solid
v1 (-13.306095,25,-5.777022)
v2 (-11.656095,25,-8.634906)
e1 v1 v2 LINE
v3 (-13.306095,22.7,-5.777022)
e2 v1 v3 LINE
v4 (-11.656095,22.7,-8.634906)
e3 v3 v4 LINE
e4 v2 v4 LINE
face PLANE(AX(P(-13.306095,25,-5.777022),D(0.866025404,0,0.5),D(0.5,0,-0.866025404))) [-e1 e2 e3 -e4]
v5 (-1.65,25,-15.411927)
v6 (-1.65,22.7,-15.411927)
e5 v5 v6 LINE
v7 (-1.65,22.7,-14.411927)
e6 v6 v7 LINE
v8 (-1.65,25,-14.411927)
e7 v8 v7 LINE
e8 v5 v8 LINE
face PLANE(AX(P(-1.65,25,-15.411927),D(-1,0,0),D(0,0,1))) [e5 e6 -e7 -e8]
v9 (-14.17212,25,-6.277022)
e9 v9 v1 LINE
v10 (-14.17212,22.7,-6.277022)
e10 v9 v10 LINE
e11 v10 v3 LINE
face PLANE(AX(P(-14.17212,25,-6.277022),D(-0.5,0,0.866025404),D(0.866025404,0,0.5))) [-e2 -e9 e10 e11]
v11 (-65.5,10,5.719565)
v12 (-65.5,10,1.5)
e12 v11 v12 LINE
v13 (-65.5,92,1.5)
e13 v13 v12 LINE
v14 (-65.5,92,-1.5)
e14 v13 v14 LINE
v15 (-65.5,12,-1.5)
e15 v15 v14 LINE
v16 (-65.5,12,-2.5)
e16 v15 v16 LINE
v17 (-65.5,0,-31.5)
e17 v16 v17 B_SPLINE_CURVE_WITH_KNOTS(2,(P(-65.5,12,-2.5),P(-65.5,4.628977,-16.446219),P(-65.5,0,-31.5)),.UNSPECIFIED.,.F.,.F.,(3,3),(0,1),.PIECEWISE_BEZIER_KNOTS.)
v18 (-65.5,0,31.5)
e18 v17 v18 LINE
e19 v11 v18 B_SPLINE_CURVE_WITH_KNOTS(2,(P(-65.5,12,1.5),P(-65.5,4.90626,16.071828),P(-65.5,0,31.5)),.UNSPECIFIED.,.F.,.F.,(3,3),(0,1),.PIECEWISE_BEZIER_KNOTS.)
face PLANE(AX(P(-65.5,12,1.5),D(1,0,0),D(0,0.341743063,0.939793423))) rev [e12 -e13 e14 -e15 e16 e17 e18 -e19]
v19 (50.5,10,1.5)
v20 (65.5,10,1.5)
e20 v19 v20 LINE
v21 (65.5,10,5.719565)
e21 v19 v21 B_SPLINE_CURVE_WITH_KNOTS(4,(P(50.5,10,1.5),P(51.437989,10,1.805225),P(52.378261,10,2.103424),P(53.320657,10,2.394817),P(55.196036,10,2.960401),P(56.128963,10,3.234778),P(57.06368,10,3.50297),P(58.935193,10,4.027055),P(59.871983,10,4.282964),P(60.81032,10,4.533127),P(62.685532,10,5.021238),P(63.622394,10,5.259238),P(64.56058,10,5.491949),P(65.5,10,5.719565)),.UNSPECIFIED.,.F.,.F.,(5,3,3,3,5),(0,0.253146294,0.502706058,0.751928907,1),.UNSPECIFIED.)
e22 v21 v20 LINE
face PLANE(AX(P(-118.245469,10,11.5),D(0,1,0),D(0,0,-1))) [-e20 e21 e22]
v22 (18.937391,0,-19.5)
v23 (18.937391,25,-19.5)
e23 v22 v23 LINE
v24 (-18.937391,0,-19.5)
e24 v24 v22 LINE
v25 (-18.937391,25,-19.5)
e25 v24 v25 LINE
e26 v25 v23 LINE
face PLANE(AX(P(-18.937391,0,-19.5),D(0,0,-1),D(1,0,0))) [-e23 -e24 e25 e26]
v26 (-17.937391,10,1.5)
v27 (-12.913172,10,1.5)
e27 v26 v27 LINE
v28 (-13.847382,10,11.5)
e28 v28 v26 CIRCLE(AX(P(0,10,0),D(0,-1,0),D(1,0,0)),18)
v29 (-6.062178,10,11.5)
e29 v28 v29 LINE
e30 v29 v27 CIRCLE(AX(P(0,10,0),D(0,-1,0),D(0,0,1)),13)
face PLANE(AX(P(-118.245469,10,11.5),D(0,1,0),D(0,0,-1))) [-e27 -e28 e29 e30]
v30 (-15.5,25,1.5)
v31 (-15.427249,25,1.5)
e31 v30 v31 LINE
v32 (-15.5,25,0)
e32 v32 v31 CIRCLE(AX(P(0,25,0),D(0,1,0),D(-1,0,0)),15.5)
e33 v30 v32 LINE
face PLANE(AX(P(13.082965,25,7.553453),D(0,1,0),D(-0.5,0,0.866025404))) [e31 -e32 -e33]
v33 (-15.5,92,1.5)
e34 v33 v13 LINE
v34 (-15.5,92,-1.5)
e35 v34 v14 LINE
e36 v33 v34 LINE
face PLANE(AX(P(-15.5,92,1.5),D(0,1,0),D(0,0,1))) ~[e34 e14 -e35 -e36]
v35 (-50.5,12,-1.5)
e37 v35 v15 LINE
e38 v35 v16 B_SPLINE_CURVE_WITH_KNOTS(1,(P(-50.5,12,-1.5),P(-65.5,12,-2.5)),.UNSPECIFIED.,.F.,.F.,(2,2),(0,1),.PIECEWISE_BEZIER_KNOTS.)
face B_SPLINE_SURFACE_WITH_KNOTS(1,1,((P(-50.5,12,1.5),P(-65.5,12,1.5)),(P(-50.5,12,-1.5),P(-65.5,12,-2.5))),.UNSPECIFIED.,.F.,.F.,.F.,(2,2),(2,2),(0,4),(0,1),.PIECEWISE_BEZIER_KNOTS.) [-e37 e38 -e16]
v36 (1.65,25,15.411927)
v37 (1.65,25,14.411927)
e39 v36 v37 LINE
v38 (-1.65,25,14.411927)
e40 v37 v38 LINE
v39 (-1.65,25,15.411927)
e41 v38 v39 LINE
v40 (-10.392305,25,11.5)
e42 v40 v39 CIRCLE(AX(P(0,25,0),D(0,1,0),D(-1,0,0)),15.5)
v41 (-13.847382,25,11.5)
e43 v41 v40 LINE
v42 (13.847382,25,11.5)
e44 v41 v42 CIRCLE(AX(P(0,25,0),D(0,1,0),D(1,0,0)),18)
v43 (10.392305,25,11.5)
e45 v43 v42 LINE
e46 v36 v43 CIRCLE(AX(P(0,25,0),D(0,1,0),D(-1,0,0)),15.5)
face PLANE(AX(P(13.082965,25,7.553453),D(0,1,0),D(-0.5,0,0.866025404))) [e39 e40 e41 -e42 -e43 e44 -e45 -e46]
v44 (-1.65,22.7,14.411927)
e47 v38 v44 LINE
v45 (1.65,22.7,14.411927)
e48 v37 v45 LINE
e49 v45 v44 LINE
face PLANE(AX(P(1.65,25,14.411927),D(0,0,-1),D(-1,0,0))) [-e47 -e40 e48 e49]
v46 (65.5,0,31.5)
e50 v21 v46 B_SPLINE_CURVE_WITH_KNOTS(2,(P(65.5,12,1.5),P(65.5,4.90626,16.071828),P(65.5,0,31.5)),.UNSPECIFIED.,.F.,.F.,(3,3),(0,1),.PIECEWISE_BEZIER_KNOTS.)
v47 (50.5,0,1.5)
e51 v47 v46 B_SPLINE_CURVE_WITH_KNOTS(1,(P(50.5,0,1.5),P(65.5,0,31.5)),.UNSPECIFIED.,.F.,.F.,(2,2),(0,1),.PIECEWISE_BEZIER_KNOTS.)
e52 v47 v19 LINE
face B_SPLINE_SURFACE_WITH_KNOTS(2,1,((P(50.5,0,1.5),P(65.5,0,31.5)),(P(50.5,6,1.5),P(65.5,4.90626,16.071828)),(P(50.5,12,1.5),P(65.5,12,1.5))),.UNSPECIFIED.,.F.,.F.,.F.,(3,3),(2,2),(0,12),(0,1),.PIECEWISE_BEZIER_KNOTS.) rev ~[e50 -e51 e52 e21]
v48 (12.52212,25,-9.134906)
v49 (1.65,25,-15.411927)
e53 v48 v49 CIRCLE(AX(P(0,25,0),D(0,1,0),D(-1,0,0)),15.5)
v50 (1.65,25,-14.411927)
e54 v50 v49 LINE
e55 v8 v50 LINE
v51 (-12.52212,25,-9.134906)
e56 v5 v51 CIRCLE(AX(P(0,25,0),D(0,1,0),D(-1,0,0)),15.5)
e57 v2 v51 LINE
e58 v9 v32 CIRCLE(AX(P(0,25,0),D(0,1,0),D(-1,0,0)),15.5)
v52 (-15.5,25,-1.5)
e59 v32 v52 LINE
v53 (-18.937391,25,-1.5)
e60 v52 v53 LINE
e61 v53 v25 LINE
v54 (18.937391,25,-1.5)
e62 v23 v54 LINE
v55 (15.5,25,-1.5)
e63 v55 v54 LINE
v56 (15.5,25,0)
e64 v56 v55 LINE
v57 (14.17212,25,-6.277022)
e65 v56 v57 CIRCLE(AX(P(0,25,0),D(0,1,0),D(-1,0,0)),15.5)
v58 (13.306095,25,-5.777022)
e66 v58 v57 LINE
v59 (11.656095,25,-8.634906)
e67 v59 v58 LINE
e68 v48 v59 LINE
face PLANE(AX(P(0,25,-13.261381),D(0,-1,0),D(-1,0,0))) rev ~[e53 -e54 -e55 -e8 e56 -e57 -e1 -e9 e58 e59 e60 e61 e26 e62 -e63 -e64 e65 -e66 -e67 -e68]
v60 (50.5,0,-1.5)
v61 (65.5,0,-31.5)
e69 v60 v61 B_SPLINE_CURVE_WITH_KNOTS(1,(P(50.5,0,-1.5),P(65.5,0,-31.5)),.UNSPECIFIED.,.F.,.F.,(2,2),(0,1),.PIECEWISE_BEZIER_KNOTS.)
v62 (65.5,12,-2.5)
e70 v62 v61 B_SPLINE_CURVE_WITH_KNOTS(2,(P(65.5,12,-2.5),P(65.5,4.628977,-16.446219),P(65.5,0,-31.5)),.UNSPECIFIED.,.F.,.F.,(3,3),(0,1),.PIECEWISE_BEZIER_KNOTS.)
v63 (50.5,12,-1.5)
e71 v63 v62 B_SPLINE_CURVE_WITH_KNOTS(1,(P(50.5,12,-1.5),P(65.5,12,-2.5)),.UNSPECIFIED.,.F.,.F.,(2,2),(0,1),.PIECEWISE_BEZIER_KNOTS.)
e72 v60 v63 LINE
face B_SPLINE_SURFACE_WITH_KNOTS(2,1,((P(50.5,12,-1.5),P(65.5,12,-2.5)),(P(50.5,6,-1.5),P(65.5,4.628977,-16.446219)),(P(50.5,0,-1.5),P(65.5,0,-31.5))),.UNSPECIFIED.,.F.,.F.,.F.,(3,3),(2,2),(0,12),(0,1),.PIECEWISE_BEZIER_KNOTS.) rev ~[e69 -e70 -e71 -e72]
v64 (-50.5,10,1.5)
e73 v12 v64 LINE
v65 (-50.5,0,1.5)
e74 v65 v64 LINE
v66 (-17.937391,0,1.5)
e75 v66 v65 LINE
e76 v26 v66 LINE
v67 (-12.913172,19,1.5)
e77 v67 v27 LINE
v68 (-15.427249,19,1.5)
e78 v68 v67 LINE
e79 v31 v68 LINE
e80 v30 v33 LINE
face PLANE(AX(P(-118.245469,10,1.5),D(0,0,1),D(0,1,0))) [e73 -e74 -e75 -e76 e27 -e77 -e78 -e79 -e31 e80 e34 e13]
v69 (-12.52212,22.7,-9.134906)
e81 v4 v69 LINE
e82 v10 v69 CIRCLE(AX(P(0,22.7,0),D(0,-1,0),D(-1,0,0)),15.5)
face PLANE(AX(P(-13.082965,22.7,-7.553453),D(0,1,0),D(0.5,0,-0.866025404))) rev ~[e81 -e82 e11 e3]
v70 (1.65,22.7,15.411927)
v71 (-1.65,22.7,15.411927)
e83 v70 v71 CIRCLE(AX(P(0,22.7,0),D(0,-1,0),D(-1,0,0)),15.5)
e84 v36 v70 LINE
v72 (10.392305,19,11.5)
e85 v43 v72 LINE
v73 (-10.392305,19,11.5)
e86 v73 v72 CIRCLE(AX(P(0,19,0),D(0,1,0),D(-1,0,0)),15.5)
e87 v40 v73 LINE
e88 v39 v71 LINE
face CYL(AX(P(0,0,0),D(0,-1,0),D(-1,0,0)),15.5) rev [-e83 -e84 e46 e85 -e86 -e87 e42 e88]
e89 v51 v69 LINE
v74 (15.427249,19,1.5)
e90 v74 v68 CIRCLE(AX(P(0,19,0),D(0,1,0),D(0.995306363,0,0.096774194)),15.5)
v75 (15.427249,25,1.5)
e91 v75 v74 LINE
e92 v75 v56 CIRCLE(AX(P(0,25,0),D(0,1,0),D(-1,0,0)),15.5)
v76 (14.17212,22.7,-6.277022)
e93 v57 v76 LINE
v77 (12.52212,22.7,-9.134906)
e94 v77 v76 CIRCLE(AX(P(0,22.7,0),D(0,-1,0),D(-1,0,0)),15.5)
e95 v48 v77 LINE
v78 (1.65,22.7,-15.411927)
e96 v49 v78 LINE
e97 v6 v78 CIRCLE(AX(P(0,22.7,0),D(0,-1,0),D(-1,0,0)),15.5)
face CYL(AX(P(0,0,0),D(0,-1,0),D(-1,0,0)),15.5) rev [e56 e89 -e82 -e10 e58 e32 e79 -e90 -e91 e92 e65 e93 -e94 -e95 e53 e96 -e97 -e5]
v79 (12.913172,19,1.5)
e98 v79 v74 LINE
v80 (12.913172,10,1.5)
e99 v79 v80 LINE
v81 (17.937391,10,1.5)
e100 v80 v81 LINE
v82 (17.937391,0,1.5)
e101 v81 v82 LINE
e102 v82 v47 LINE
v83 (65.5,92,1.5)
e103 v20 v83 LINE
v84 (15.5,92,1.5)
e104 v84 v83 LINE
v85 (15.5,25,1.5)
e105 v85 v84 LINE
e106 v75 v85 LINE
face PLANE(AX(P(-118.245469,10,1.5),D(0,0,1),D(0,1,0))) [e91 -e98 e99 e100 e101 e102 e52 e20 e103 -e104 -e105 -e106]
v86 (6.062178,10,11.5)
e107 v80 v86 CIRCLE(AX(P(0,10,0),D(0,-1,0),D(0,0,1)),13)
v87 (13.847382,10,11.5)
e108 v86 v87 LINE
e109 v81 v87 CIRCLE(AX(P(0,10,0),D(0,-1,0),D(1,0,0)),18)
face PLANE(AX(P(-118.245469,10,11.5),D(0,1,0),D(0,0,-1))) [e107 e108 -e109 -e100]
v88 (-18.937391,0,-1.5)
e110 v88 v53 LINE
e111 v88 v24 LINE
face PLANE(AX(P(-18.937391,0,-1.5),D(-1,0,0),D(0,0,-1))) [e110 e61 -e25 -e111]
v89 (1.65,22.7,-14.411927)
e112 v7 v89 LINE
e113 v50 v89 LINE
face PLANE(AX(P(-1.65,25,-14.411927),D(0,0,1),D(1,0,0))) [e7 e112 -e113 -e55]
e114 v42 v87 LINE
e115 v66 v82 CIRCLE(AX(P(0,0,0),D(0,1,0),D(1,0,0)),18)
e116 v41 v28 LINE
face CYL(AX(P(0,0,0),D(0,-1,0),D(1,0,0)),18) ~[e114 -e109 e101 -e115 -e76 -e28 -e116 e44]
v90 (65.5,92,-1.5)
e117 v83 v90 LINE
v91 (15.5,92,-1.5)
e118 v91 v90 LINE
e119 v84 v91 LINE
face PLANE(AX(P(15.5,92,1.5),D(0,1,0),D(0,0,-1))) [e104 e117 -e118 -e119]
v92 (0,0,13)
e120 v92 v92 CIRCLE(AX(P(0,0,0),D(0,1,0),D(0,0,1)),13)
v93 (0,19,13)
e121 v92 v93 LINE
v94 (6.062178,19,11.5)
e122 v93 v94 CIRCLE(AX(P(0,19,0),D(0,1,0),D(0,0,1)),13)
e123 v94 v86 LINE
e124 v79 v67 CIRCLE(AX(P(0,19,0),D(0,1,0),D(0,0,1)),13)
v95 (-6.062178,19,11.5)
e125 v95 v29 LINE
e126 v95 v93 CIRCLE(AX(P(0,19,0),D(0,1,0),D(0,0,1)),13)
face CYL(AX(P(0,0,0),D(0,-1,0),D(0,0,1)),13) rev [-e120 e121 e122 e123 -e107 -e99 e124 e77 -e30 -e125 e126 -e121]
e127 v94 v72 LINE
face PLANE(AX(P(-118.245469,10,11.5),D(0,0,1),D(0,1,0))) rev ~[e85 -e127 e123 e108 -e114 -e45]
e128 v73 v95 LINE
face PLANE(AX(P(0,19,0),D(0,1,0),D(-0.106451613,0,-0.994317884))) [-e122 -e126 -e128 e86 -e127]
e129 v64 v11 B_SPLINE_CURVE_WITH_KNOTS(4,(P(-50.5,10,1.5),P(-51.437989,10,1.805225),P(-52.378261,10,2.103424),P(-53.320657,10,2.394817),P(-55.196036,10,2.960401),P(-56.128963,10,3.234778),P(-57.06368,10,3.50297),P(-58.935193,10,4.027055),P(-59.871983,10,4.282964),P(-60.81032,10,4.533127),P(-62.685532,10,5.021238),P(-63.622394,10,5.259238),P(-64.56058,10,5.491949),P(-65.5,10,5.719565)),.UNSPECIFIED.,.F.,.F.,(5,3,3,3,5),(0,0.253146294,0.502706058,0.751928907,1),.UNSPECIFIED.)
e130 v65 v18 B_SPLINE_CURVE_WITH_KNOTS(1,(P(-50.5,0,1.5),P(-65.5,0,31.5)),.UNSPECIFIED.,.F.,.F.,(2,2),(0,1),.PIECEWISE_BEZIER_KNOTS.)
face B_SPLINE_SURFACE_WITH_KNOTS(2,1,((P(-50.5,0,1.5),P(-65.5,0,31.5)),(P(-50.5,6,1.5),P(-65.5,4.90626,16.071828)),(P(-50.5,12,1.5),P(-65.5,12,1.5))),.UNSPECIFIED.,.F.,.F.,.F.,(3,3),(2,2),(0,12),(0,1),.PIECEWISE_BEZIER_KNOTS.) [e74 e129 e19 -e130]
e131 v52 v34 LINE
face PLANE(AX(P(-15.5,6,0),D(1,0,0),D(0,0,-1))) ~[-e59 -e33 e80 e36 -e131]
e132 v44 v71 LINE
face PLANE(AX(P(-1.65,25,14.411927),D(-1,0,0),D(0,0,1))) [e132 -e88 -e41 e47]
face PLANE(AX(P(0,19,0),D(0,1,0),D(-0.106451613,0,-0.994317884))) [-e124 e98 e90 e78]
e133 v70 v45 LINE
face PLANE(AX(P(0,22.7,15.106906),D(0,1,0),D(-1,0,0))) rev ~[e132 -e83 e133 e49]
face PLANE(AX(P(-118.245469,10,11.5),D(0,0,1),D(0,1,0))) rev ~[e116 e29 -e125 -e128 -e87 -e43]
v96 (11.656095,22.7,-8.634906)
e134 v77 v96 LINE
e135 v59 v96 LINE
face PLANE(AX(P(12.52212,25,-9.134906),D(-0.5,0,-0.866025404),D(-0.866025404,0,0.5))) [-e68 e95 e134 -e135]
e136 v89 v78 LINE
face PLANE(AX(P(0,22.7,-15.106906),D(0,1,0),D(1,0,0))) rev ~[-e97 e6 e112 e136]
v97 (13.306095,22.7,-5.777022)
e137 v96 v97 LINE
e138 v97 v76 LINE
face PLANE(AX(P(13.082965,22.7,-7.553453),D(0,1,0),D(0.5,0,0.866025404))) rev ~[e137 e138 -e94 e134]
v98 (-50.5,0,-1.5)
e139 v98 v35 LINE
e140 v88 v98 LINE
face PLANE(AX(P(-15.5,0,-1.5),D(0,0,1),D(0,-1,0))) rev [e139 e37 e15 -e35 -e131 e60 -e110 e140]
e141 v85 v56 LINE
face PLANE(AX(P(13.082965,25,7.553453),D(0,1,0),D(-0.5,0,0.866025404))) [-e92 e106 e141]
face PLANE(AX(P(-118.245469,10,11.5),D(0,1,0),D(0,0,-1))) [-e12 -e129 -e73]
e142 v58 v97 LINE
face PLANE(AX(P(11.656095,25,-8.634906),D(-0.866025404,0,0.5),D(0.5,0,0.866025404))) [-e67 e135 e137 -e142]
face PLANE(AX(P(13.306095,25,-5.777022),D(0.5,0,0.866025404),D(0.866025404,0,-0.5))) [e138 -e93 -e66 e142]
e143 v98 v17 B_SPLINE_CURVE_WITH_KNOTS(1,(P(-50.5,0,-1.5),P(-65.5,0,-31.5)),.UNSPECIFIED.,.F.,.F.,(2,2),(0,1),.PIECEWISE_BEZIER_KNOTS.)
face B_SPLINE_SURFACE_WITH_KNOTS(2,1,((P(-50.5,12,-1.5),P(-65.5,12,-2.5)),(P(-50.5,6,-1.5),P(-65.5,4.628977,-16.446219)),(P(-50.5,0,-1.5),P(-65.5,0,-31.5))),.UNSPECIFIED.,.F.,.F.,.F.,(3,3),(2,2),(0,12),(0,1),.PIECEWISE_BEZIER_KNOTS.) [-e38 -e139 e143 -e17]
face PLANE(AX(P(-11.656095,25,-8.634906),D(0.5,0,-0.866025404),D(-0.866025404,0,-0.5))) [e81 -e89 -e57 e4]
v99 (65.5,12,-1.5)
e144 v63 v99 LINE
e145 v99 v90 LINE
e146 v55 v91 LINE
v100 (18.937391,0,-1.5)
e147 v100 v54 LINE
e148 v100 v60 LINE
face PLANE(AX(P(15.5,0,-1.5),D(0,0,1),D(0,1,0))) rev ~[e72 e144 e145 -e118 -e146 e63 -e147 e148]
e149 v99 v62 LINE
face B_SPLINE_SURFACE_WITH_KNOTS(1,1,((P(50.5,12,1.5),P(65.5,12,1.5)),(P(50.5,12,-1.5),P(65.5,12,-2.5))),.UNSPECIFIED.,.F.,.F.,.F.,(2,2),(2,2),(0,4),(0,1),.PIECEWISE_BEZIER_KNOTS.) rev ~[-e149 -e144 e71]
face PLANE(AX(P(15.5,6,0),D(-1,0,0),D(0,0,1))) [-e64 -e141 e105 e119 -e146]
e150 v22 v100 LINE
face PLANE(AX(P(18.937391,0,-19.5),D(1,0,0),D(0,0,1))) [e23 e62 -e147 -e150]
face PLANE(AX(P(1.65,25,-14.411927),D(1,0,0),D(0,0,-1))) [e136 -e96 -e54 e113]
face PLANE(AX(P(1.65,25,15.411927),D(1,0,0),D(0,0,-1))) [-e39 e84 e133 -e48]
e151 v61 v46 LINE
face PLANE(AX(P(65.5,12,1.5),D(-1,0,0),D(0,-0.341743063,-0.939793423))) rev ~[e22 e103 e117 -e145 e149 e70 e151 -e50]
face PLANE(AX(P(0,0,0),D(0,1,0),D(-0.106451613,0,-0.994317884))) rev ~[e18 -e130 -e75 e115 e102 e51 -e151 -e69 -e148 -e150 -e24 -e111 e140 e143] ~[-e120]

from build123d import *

# Parameters (mm, degrees)
SKETCH1_W               = 3
SKETCH1_H               = 80
BOSS_EXTRUDE1_DEPTH     = 50
SKETCH6_W               = 3
SKETCH6_H               = 12
BOSS_EXTRUDE2_DEPTH     = 35
SKETCH14_R              = 18
SKETCH14_R_2            = 15.5
BOSS_EXTRUDE3_DEPTH     = 25
BOSS_EXTRUDE4_DEPTH     = 2.3
CIRPATTERN1_COUNT       = 6
BOSS_EXTRUDE5_START     = -25
BOSS_EXTRUDE5_DEPTH     = 25
BOSS_EXTRUDE6_START     = -25
SKETCH17_R              = 15.5
SKETCH17_R_2            = 13
BOSS_EXTRUDE6_DEPTH     = 19
CUT_EXTRUDE1_DEPTH      = 118.245469157
CUT_EXTRUDE1_DEPTH_BACK = 118.245469157
SKETCH18_W              = 10
SKETCH18_H              = 15


with BuildPart() as part:
    # Sketch1 → Boss-Extrude1 (new body)
    with BuildSketch(Plane(origin=(15.5, 0, 0), x_dir=(0, 0, -1), z_dir=(1, 0, 0))):
        with Locations((0, 52)):
            Rectangle(SKETCH1_W, SKETCH1_H)
    extrude(amount=BOSS_EXTRUDE1_DEPTH)

    # Sketch6 → Boss-Extrude2 (add)
    with BuildSketch(Plane.ZY.offset(-15.5)):
        with Locations((0, 6)):
            Rectangle(SKETCH6_W, SKETCH6_H)
    extrude(amount=-BOSS_EXTRUDE2_DEPTH)

    # Sketch7 → Loft3 section 0
    with BuildSketch(Plane(origin=(50.5, 0, 0), x_dir=(0, 0, -1), z_dir=(1, 0, 0))):
        with BuildLine():
            Line((-1.5, 12), (1.5, 12))
            Line((1.5, 12), (1.5, 0))
            Line((1.5, 0), (-1.5, 0))
            Line((-1.5, 0), (-1.5, 12))
        make_face()
    # Sketch5 → Loft3 section 1
    with BuildSketch(Plane(origin=(65.5, 0, 0), x_dir=(0, 0, -1), z_dir=(1, 0, 0))):
        with BuildLine():
            Line((-1.5, 12), (2.5, 12))
            add(Edge.make_bspline(
                [(2.5, 12), (16.446218703, 4.628977133), (31.5, 0)],
                knots=[0, 0, 0, 1, 1, 1], degree=2))
            Line((31.5, 0), (-31.5, 0))
            add(Edge.make_bspline(
                [(-1.5, 12), (-16.07182757, 4.906260237), (-31.5, 0)],
                knots=[0, 0, 0, 1, 1, 1], degree=2))
        make_face()
    loft()


with BuildPart() as body_2:
    # Mirror3: mirrored copy
    add(part.part.mirror(Plane(origin=(0, 0, 0), x_dir=(0, 0, 1), z_dir=(1, 0, 0))))


with BuildPart() as part_1:
    add(part.part)

    add(body_2.part)  # Boss-Extrude3 merges body 2
    # Sketch14 → Boss-Extrude3 (add)
    with BuildSketch(Plane(origin=(0, 0, 0), x_dir=(1, 0, 0), z_dir=(0, 1, 0))):
        Circle(SKETCH14_R)
        with Locations(Location((0, 0, 0), (0, 0, 180))):
            Circle(SKETCH14_R_2, mode=Mode.SUBTRACT)
    extrude(amount=BOSS_EXTRUDE3_DEPTH)

    # Sketch15 → Boss-Extrude4 (add)
    with BuildSketch(Plane(origin=(0, 25, 0), x_dir=(1, 0, 0), z_dir=(0, 1, 0))):
        Polygon((-1.65, 15.411927199), (-1.65, 14.411927199), (1.65, 14.411927199), (1.65, 15.411927199), (0, 16.251375975), align=None)
    boss_extrude4 = extrude(amount=-BOSS_EXTRUDE4_DEPTH)

    # CirPattern1: Boss-Extrude4 ×6 about axis
    cirpattern1_axis = Axis((0, 0, 0), (0, 1, 0))
    for i in range(1, CIRPATTERN1_COUNT):
        add(boss_extrude4.rotate(cirpattern1_axis, i * 360 / CIRPATTERN1_COUNT))

    # Sketch16 → Boss-Extrude5 (add)
    with BuildSketch(Plane(origin=(0, 25, 0), x_dir=(1, 0, 0), z_dir=(0, 1, 0)).offset(BOSS_EXTRUDE5_START)):
        with BuildLine():
            Line((-18.937391115, 1.5), (-18.937391115, 19.5))
            Line((-18.937391115, 19.5), (18.937391115, 19.5))
            Line((18.937391115, 19.5), (18.937391115, 1.5))
            Line((18.937391115, 1.5), (17.937391115, 1.5))
            ThreePointArc((17.937391115, 1.5), (0, 18), (-17.937391115, 1.5))
            Line((-17.937391115, 1.5), (-18.937391115, 1.5))
        make_face()
    extrude(amount=BOSS_EXTRUDE5_DEPTH)

    # Sketch17 → Boss-Extrude6 (add)
    with BuildSketch(Plane(origin=(0, 25, 0), x_dir=(1, 0, 0), z_dir=(0, 1, 0)).offset(BOSS_EXTRUDE6_START)):
        with Locations(Location((0, 0, 0), (0, 0, 96.110806636))):
            Circle(SKETCH17_R)
        with Locations(Location((0, 0, 0), (0, 0, 270))):
            Circle(SKETCH17_R_2, mode=Mode.SUBTRACT)
    extrude(amount=BOSS_EXTRUDE6_DEPTH)

    # Sketch18 → Cut-Extrude1 (cut, two sides: drawn at the far end of the back side and taken through both)
    with BuildSketch(Plane(origin=(0, 0, 0), x_dir=(0, 0, -1), z_dir=(1, 0, 0)).offset(-CUT_EXTRUDE1_DEPTH_BACK)):
        with Locations((-6.5, 17.5)):
            Rectangle(SKETCH18_W, SKETCH18_H)
    extrude(amount=CUT_EXTRUDE1_DEPTH + CUT_EXTRUDE1_DEPTH_BACK, mode=Mode.SUBTRACT)


solid = part_1.part
